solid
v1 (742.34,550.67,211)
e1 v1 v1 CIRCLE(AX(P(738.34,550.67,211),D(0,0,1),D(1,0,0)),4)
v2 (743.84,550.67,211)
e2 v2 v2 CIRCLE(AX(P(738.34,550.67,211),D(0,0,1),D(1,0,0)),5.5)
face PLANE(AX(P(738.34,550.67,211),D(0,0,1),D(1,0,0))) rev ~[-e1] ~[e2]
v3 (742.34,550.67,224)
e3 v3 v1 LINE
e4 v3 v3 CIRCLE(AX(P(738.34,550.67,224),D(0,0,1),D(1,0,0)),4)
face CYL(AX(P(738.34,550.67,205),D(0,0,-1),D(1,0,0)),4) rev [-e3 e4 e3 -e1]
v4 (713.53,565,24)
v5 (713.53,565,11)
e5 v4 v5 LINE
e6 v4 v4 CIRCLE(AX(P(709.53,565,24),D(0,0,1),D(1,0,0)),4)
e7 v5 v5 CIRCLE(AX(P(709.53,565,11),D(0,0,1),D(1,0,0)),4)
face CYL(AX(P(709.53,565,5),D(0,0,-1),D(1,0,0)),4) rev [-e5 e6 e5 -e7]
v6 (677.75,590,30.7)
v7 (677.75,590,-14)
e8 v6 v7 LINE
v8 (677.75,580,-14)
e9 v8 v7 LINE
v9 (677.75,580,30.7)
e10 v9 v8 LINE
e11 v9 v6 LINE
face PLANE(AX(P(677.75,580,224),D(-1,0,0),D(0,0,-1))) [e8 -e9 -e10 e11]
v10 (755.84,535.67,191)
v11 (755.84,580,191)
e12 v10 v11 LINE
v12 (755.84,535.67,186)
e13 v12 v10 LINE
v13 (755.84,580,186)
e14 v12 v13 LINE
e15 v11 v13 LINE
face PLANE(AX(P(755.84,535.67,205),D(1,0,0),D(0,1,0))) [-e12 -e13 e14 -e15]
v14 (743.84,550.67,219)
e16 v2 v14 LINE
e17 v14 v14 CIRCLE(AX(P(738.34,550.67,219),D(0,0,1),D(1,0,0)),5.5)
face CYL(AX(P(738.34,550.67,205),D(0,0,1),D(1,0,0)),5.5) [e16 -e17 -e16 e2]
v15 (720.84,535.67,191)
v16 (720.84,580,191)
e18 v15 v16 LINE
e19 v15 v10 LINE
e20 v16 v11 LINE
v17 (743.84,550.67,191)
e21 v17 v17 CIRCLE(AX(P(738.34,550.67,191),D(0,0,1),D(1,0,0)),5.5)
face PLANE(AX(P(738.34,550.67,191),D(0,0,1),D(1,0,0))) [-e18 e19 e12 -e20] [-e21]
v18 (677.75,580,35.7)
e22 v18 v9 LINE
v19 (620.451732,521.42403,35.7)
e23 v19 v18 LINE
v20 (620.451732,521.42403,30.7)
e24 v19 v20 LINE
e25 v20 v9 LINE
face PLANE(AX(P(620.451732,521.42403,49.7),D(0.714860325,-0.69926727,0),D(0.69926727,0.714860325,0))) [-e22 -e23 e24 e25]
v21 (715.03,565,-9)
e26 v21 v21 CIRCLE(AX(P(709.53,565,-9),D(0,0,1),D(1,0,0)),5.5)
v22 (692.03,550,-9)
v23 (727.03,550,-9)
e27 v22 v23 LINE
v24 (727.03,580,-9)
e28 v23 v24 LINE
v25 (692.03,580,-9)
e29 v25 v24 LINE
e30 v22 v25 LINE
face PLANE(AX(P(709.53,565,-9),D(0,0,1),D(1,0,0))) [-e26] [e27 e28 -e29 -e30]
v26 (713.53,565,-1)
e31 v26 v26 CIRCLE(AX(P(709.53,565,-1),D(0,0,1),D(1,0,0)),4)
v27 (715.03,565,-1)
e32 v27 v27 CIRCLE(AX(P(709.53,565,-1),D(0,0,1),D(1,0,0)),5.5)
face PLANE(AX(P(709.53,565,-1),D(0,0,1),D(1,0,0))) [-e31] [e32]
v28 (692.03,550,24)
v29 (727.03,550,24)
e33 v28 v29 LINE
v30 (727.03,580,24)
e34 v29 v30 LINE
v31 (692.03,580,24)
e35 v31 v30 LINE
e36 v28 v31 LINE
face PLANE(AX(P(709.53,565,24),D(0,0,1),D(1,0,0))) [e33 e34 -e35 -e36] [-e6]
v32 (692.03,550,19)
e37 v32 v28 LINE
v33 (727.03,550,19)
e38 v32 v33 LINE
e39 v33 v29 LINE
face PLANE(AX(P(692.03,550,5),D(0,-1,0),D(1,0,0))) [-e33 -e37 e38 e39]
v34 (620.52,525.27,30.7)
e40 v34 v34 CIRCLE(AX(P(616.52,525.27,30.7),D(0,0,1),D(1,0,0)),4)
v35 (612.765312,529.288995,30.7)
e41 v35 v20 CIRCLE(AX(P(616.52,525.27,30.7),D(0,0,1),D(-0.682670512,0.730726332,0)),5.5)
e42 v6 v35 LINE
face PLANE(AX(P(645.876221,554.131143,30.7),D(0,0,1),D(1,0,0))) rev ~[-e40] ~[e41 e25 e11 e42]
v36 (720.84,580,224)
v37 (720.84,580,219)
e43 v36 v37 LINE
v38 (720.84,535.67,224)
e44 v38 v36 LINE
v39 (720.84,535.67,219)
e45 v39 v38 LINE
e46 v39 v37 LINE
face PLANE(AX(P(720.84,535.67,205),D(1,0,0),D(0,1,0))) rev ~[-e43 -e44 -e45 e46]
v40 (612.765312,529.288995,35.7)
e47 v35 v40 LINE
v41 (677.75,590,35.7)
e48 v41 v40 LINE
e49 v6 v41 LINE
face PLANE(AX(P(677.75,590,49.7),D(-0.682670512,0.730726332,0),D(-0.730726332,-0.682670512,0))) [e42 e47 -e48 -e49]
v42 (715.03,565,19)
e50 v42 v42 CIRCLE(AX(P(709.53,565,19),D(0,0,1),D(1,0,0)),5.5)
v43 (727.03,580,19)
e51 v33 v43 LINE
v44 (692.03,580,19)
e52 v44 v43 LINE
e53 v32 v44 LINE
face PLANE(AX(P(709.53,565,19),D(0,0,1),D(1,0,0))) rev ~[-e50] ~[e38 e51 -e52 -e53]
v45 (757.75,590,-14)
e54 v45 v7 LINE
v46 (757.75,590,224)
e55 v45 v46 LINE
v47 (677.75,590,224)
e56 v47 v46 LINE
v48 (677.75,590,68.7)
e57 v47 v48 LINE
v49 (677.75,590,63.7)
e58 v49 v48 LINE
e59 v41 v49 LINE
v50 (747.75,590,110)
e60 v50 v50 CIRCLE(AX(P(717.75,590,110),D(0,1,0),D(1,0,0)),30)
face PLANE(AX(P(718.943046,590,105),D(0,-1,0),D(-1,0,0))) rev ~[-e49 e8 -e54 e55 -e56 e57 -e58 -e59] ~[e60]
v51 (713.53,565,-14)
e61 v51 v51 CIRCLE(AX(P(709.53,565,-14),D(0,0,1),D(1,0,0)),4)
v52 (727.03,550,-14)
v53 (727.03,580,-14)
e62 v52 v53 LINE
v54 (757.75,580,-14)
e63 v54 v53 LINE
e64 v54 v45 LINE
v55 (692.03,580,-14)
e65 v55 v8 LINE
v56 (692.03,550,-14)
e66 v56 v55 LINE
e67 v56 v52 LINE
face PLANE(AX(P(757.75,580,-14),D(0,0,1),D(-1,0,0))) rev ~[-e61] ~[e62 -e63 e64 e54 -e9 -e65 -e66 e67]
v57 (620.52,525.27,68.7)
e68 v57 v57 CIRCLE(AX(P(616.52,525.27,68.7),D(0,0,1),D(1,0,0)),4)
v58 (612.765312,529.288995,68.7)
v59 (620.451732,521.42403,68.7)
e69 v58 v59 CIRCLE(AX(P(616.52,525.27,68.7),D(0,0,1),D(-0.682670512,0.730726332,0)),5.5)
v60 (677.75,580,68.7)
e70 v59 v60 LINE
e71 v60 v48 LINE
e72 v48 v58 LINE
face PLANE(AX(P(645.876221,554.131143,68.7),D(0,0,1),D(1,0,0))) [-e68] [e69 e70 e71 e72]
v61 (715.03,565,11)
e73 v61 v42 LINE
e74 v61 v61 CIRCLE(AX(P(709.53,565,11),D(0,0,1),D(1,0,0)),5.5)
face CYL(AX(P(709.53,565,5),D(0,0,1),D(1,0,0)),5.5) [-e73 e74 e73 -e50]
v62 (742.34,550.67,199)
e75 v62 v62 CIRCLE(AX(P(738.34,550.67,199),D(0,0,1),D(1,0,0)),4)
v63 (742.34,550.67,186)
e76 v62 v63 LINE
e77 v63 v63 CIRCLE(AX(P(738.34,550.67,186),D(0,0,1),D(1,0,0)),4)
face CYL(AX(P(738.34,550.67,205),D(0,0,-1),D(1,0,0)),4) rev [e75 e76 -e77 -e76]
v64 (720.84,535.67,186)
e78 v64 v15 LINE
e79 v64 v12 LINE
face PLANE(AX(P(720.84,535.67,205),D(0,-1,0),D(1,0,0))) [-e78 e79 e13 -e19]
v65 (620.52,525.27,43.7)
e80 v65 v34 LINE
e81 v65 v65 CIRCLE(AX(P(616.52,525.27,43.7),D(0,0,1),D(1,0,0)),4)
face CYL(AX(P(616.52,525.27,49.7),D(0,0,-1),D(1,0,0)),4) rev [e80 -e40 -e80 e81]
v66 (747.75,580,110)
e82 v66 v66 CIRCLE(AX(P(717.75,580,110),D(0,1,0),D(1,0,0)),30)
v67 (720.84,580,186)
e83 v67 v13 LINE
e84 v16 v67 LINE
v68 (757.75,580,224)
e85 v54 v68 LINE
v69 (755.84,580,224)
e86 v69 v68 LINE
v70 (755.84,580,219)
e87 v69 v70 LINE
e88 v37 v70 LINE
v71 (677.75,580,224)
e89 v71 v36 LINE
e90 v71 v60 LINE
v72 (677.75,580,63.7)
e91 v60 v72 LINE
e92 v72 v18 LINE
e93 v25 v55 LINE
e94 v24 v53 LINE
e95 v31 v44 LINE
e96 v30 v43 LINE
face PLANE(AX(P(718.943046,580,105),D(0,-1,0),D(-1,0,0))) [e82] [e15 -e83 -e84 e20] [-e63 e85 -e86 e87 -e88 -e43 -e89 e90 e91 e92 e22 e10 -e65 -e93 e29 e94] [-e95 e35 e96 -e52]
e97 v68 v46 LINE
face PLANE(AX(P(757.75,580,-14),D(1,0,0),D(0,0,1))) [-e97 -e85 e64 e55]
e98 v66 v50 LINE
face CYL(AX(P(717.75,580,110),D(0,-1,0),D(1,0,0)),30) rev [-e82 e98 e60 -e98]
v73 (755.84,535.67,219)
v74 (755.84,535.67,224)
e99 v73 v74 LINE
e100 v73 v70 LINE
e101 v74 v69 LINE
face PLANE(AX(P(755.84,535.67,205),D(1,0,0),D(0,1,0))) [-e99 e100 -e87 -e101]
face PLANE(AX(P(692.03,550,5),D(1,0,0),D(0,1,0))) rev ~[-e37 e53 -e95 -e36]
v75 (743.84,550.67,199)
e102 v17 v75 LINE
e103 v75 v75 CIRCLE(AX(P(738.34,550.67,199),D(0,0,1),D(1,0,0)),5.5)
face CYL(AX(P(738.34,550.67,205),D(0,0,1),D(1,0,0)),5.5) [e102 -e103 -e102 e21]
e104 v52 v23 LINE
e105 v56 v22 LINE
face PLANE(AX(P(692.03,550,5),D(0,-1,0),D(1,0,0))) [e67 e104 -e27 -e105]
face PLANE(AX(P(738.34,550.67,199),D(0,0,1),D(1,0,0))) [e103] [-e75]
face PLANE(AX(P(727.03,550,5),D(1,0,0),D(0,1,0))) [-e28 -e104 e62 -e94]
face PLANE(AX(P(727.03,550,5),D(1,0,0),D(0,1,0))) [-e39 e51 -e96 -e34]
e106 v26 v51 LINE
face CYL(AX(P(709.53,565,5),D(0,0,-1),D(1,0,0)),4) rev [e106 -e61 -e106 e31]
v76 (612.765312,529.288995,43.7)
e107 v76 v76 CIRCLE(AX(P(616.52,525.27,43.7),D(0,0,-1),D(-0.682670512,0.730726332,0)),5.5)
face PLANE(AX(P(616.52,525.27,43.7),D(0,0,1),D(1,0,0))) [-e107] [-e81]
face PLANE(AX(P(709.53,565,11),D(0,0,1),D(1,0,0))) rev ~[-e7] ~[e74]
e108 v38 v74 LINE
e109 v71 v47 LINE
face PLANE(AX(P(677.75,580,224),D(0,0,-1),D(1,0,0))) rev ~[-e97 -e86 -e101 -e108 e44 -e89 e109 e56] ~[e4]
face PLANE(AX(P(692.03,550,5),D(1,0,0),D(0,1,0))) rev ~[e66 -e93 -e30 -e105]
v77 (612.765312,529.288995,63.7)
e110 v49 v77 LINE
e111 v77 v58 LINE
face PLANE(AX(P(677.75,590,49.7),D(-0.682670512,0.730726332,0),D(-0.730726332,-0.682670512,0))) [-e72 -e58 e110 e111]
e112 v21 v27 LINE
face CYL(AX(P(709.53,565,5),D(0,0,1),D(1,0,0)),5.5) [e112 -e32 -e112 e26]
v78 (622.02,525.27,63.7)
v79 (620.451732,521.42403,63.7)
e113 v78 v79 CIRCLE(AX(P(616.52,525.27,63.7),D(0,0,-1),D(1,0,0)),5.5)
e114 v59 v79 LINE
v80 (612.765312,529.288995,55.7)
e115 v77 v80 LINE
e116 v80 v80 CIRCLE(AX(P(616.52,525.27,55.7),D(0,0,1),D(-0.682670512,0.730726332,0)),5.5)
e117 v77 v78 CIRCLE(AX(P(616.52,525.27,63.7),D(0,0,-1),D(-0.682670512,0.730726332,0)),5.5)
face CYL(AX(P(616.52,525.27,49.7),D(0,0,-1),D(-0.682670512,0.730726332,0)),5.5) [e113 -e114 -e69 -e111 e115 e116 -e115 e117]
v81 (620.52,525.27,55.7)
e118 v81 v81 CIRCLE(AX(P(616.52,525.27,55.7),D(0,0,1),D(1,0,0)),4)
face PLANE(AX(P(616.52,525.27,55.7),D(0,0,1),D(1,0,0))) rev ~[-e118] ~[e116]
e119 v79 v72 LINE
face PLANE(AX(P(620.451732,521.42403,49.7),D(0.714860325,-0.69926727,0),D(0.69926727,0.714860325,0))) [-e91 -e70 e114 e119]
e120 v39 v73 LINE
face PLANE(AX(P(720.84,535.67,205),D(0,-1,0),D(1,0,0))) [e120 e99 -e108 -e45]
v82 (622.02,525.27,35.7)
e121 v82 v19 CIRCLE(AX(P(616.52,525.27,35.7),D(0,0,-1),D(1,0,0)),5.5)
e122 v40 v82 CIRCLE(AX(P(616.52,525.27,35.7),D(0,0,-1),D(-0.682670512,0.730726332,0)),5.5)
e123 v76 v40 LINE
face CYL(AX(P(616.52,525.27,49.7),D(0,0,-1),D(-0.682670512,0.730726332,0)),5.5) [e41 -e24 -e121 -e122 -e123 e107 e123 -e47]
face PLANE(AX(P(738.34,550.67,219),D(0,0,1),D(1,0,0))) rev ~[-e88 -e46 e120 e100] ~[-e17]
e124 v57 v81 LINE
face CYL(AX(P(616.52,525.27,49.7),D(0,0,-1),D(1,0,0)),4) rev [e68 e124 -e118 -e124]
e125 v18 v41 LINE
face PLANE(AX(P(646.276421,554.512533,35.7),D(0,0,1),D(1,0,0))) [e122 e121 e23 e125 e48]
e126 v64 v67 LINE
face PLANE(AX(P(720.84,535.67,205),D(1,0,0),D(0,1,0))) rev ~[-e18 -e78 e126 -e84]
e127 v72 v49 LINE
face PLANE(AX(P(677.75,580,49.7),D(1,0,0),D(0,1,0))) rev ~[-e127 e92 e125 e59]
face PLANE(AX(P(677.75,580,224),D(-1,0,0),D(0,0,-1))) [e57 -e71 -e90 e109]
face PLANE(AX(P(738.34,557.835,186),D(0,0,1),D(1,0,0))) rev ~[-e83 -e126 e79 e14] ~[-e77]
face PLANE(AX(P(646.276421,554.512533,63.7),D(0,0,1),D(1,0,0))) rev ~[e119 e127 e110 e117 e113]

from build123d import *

# Parameters (mm, degrees)
SKETCH1_R                = 30
SKETCH1_W                = 35
SKETCH1_H                = 5
SKETCH1_H_2              = 28
BOSS_EXTRUDE1_DEPTH      = 10
SKETCH2_W                = 35
SKETCH2_H                = 44.33
SKETCH2_R                = 5.5
BOSS_EXTRUDE2_DEPTH      = 19
BOSS_EXTRUDE2_DEPTH_BACK = 19
SKETCH2_4_R              = 4
SKETCH2_4_W              = 35
SKETCH2_4_H              = 44.33
SKETCH2_4_R_2            = 5.5
CUT_EXTRUDE1_DEPTH       = 14
SKETCH3_W                = 35
SKETCH3_H                = 30
SKETCH3_R                = 5.5
BOSS_EXTRUDE3_DEPTH      = 19
SKETCH3_3_R              = 4
SKETCH3_3_W              = 35
SKETCH3_3_H              = 30
SKETCH3_3_R_2            = 5.5
CUT_EXTRUDE2_DEPTH       = 14
SKETCH2_5_R              = 5.5
SKETCH2_5_R_2            = 4
BOSS_EXTRUDE4_DEPTH      = 19
SKETCH2_6_R              = 5.5
SKETCH2_6_R_2            = 4
CUT_EXTRUDE3_DEPTH       = 6
SKETCH3_4_R              = 5.5
SKETCH3_4_R_2            = 4
BOSS_EXTRUDE5_DEPTH      = 19
SKETCH3_5_R              = 5.5
SKETCH3_5_R_2            = 4
CUT_EXTRUDE4_DEPTH       = 6
SKETCH5_R                = 4
BOSS_EXTRUDE6_DEPTH      = 19
CUT_EXTRUDE5_DEPTH       = 14
SKETCH5_6_R              = 5.5
SKETCH5_6_R_2            = 4
CUT_EXTRUDE6_DEPTH       = 6


with BuildPart() as part:
    # Sketch1 → Boss-Extrude1 (new body)
    with BuildSketch(Plane(origin=(0, 580, 0), x_dir=(1, 0, 0), z_dir=(0, 1, 0))):
        Polygon((677.75, 14), (692.03, 14), (692.03, 9), (692.03, -19), (692.03, -24), (727.03, -24), (727.03, -19), (727.03, 9), (727.03, 14), (757.75, 14), (757.75, -224), (755.84, -224), (755.84, -219), (755.84, -191), (755.84, -186), (720.84, -186), (720.84, -191), (720.84, -219), (720.84, -224), (677.75, -224), align=None)
        with Locations((717.75, -110)):
            Circle(SKETCH1_R, mode=Mode.SUBTRACT)
        with Locations((709.53, 11.5)):
            Rectangle(SKETCH1_W, SKETCH1_H)
        with Locations((709.53, -5)):
            Rectangle(SKETCH1_W, SKETCH1_H_2)
        with Locations((709.53, -21.5)):
            Rectangle(SKETCH1_W, SKETCH1_H)
        with Locations((738.34, -188.5)):
            Rectangle(SKETCH1_W, SKETCH1_H)
        with Locations((738.34, -205)):
            Rectangle(SKETCH1_W, SKETCH1_H_2)
        with Locations((738.34, -221.5)):
            Rectangle(SKETCH1_W, SKETCH1_H)
    extrude(amount=BOSS_EXTRUDE1_DEPTH)

    # Sketch2 → Boss-Extrude2 (add, two sides)
    with BuildSketch(Plane.XY.offset(205)) as boss_extrude2_sk:
        with Locations((738.34, 557.835)):
            Rectangle(SKETCH2_W, SKETCH2_H)
        with Locations((738.34, 550.67)):
            Circle(SKETCH2_R, mode=Mode.SUBTRACT)
    extrude(amount=BOSS_EXTRUDE2_DEPTH)
    extrude(boss_extrude2_sk.sketch, amount=-BOSS_EXTRUDE2_DEPTH_BACK)

    # Sketch2<4> → Cut-Extrude1 (cut, symmetric)
    with BuildSketch(Plane.XY.offset(205)):
        with Locations((738.34, 550.67)):
            Circle(SKETCH2_4_R)
        with Locations((738.34, 557.835)):
            Rectangle(SKETCH2_4_W, SKETCH2_4_H)
        with Locations((738.34, 550.67)):
            Circle(SKETCH2_4_R_2, mode=Mode.SUBTRACT)
    extrude(amount=CUT_EXTRUDE1_DEPTH, both=True, mode=Mode.SUBTRACT)

    # Sketch3 → Boss-Extrude3 (add, symmetric)
    with BuildSketch(Plane.XY.offset(5)):
        with Locations((709.53, 565)):
            Rectangle(SKETCH3_W, SKETCH3_H)
        with Locations((709.53, 565)):
            Circle(SKETCH3_R, mode=Mode.SUBTRACT)
    extrude(amount=BOSS_EXTRUDE3_DEPTH, both=True)

    # Sketch3<3> → Cut-Extrude2 (cut, symmetric)
    with BuildSketch(Plane.XY.offset(5)):
        with Locations((709.53, 565)):
            Circle(SKETCH3_3_R)
        with Locations((709.53, 565)):
            Rectangle(SKETCH3_3_W, SKETCH3_3_H)
        with Locations((709.53, 565)):
            Circle(SKETCH3_3_R_2, mode=Mode.SUBTRACT)
    extrude(amount=CUT_EXTRUDE2_DEPTH, both=True, mode=Mode.SUBTRACT)

    # Sketch2<5> → Boss-Extrude4 (add, symmetric)
    with BuildSketch(Plane.XY.offset(205)):
        with Locations((738.34, 550.67)):
            Circle(SKETCH2_5_R)
        with Locations((738.34, 550.67)):
            Circle(SKETCH2_5_R_2, mode=Mode.SUBTRACT)
    extrude(amount=BOSS_EXTRUDE4_DEPTH, both=True)

    # Sketch2<6> → Cut-Extrude3 (cut, symmetric)
    with BuildSketch(Plane.XY.offset(205)):
        with Locations((738.34, 550.67)):
            Circle(SKETCH2_6_R)
        with Locations((738.34, 550.67)):
            Circle(SKETCH2_6_R_2, mode=Mode.SUBTRACT)
    extrude(amount=CUT_EXTRUDE3_DEPTH, both=True, mode=Mode.SUBTRACT)

    # Sketch3<4> → Boss-Extrude5 (add, symmetric)
    with BuildSketch(Plane.XY.offset(5)):
        with Locations((709.53, 565)):
            Circle(SKETCH3_4_R)
        with Locations((709.53, 565)):
            Circle(SKETCH3_4_R_2, mode=Mode.SUBTRACT)
    extrude(amount=BOSS_EXTRUDE5_DEPTH, both=True)

    # Sketch3<5> → Cut-Extrude4 (cut, symmetric)
    with BuildSketch(Plane.XY.offset(5)):
        with Locations((709.53, 565)):
            Circle(SKETCH3_5_R)
        with Locations((709.53, 565)):
            Circle(SKETCH3_5_R_2, mode=Mode.SUBTRACT)
    extrude(amount=CUT_EXTRUDE4_DEPTH, both=True, mode=Mode.SUBTRACT)

    # Sketch5 → Boss-Extrude6 (add, symmetric)
    with BuildSketch(Plane.XY.offset(49.7)):
        with BuildLine():
            Line((677.75, 580), (677.75, 590))
            Line((677.75, 590), (612.765312184, 529.288994825))
            ThreePointArc((612.765312184, 529.288994825), (612.586521385, 521.425816604), (620.451731788, 521.424030013))
            Line((620.451731788, 521.424030013), (677.75, 580))
        make_face()
        with Locations((616.52, 525.27)):
            Circle(SKETCH5_R, mode=Mode.SUBTRACT)
    extrude(amount=BOSS_EXTRUDE6_DEPTH, both=True)

    # Sketch5<5> → Cut-Extrude5 (cut, symmetric)
    with BuildSketch(Plane.XY.offset(49.7)):
        with BuildLine():
            Line((677.75, 580), (677.75, 590))
            Line((677.75, 590), (612.765312184, 529.288994825))
            ThreePointArc((612.765312184, 529.288994825), (618.710800882, 530.314838104), (622.02, 525.27))
            ThreePointArc((622.02, 525.27), (621.612863872, 523.193286832), (620.451731788, 521.424030013))
            Line((620.451731788, 521.424030013), (677.75, 580))
        make_face()
    extrude(amount=CUT_EXTRUDE5_DEPTH, both=True, mode=Mode.SUBTRACT)

    # Sketch5<6> → Cut-Extrude6 (cut, symmetric)
    with BuildSketch(Plane.XY.offset(49.7)):
        with Locations((616.52, 525.27)):
            Circle(SKETCH5_6_R)
        with Locations((616.52, 525.27)):
            Circle(SKETCH5_6_R_2, mode=Mode.SUBTRACT)
    extrude(amount=CUT_EXTRUDE6_DEPTH, both=True, mode=Mode.SUBTRACT)


solid = part.part
